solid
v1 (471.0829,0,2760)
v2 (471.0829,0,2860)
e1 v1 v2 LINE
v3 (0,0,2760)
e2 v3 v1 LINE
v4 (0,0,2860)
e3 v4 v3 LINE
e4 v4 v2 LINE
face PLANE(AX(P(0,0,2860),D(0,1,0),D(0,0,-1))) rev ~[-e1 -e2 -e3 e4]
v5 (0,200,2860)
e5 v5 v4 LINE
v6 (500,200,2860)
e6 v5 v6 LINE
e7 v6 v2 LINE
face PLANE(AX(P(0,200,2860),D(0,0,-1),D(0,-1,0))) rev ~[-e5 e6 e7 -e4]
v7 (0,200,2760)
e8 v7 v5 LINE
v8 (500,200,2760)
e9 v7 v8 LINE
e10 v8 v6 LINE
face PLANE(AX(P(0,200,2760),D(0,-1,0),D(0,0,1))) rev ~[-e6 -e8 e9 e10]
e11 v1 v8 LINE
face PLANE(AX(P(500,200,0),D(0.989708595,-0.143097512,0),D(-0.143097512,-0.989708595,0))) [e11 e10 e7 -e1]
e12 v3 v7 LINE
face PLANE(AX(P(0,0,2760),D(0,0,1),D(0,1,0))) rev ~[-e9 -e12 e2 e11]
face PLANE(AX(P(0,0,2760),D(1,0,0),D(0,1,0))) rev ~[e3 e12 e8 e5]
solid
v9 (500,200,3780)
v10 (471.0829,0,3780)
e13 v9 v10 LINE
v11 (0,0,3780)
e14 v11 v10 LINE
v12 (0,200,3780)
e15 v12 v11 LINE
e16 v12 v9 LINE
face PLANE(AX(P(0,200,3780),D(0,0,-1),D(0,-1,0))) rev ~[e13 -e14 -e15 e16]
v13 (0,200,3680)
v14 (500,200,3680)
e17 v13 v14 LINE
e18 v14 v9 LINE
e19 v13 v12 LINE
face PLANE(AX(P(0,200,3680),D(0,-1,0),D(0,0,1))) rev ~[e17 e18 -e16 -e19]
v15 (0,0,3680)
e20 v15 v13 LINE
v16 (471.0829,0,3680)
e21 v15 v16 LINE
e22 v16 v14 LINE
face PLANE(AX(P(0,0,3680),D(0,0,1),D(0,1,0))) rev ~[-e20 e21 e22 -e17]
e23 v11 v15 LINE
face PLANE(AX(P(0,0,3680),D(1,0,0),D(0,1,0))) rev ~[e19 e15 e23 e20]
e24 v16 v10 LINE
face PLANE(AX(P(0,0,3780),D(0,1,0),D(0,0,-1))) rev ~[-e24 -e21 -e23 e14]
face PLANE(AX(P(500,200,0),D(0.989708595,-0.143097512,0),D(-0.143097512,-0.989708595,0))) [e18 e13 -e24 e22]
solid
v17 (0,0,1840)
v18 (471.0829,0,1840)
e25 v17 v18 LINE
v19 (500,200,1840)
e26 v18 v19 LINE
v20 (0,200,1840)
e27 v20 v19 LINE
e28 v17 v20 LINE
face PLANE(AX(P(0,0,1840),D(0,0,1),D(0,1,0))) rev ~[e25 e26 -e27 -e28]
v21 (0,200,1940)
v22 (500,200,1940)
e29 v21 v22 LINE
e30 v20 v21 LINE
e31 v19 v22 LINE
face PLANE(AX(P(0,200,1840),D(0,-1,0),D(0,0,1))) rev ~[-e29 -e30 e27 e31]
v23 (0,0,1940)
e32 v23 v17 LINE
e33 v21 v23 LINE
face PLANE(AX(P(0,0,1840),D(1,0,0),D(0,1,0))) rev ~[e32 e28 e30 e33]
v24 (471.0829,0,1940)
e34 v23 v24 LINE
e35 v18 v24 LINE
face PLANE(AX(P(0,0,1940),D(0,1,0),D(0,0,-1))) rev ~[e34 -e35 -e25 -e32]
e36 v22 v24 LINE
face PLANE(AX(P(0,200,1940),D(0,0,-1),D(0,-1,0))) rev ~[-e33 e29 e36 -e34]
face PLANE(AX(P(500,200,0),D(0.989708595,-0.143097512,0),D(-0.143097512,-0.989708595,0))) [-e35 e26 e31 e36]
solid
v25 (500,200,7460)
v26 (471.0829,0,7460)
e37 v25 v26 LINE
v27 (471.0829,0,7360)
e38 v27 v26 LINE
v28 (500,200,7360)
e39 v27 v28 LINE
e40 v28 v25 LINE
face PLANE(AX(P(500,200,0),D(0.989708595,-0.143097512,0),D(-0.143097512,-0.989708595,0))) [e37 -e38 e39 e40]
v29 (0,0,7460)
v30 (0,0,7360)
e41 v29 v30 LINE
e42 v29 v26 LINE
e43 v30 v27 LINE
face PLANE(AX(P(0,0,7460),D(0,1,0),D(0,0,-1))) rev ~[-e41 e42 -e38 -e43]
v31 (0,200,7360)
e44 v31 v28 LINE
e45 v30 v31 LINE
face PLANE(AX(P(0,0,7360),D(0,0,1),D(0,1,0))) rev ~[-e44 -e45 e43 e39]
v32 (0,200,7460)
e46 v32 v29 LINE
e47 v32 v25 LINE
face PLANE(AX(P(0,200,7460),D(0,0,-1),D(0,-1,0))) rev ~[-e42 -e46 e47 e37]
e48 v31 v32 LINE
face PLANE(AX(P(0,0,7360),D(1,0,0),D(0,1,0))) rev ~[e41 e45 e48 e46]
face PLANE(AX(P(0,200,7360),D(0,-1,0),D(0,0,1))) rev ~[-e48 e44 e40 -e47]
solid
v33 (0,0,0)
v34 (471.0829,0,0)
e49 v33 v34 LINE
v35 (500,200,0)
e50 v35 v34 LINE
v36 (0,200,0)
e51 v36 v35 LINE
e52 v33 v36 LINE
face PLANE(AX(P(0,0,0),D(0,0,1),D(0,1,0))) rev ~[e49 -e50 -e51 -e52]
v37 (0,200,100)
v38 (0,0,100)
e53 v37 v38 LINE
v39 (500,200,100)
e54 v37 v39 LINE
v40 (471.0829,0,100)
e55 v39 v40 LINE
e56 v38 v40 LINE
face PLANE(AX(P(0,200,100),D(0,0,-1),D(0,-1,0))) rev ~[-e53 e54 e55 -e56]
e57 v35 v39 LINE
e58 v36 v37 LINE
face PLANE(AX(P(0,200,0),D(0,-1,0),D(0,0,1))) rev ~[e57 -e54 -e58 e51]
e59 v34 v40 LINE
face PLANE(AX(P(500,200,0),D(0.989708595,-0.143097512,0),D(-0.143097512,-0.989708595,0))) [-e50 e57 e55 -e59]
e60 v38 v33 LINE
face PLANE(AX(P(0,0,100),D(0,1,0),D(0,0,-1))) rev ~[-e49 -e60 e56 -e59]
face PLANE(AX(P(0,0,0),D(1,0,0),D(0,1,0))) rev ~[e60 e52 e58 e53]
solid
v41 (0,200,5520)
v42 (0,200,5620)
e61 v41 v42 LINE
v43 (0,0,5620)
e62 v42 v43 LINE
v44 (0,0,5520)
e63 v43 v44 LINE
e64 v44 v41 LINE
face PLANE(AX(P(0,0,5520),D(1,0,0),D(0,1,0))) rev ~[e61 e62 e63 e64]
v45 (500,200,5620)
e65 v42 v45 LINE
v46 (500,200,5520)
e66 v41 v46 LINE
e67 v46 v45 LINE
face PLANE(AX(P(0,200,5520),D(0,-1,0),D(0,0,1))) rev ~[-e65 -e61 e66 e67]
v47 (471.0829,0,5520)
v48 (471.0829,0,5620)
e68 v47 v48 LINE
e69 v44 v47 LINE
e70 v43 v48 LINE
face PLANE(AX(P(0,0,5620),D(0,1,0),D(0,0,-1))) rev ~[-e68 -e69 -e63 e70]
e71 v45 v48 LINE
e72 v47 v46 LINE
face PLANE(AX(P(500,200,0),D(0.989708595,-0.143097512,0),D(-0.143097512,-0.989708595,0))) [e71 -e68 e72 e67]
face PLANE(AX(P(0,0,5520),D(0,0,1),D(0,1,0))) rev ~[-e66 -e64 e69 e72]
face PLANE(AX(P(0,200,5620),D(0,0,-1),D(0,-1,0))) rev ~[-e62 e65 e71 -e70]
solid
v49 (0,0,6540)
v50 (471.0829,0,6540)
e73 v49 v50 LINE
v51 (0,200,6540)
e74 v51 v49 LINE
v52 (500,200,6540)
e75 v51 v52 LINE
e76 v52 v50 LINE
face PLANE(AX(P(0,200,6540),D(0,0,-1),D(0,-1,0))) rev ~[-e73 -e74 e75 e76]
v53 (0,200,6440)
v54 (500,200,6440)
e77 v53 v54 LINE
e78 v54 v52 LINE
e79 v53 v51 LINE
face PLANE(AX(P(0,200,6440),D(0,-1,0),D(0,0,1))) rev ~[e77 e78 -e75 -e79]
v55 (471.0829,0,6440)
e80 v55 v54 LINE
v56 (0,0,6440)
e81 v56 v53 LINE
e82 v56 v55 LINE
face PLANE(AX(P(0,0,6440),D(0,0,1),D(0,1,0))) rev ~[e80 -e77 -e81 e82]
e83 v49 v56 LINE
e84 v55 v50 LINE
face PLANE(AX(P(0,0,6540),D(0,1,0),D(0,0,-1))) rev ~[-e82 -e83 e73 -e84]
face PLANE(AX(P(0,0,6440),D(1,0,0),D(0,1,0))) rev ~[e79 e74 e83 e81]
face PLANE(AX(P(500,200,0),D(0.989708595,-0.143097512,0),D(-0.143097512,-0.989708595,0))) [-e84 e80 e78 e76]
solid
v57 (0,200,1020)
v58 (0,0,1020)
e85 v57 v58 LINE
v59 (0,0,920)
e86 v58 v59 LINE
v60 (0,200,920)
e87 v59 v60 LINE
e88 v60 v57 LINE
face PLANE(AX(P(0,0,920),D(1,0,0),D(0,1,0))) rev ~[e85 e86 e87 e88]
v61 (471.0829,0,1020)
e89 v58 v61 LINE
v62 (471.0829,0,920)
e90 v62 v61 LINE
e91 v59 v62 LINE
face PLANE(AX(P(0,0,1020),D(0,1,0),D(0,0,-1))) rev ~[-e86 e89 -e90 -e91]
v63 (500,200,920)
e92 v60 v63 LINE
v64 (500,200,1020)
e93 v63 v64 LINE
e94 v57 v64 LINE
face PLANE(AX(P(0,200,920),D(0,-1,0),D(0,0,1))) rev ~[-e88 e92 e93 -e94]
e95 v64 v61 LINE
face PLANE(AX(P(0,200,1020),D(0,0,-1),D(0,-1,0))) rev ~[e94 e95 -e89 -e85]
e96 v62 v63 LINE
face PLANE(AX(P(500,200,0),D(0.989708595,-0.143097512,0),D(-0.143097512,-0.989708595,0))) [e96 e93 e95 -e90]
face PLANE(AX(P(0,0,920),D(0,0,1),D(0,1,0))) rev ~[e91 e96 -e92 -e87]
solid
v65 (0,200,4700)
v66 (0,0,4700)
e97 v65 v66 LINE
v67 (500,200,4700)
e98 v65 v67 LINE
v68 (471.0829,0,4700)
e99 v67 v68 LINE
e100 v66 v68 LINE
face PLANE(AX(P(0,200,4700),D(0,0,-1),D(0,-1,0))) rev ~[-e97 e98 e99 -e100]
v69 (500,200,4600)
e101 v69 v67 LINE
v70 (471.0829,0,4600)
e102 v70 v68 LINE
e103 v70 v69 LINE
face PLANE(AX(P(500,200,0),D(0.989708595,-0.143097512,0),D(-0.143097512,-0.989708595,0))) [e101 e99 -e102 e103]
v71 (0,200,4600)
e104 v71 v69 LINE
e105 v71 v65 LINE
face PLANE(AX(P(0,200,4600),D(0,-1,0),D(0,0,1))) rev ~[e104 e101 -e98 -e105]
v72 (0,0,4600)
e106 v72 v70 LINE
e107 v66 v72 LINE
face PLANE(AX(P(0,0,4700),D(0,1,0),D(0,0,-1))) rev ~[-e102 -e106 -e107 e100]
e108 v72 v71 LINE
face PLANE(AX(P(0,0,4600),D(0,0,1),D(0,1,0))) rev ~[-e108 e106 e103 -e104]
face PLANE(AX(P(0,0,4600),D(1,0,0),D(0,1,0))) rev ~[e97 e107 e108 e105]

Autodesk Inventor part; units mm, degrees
ref_plane "YZ Plane" through (0, 0, 0) normal (1, 0, 0) x (0, 1, 0)
ref_plane "XZ Plane" through (0, 0, 0) normal (0, 1, 0) x (-1, 0, 0)
ref_plane "XY Plane" through (0, 0, 0) normal (0, 0, 1) x (1, 0, 0)
sketch "Sketch1" plane through (0, 0, 0) normal (1, 0, 0) x (0, 1, 0)
  line L0 (0, 0) -> (200, 0)
  line L1 (200, 0) -> (200, 100)
  line L2 (200, 100) -> (0, 100)
  line L3 (0, 100) -> (0, 0)
  dimension "d0" = 200
  dimension "d1" = 100
extrude "Extrusion1" add sketch "Sketch1" along normal blind 500
pattern_linear "Rectangular Pattern1" count 9 spacing 920 along (0, 0, 1) of "Extrusion1"
sketch "Sketch2" plane through (0, 0, 0) normal (0, 0, -1) x (-1, 0, 0)
  line L0 (-500, -0.0003) -> (-500, 200)
  line L1 (-500, 0) -> (-500, 200) projected
  line L2 (-500, 0) -> (-471.0829, 0)
  line L3 (0, 0) -> (-500, 0) projected
  line L4 (-500, 200) -> (-471.0829, 0)
extrude "Extrusion2" cut sketch "Sketch2" against normal through all
properties part number "Szarufak"
